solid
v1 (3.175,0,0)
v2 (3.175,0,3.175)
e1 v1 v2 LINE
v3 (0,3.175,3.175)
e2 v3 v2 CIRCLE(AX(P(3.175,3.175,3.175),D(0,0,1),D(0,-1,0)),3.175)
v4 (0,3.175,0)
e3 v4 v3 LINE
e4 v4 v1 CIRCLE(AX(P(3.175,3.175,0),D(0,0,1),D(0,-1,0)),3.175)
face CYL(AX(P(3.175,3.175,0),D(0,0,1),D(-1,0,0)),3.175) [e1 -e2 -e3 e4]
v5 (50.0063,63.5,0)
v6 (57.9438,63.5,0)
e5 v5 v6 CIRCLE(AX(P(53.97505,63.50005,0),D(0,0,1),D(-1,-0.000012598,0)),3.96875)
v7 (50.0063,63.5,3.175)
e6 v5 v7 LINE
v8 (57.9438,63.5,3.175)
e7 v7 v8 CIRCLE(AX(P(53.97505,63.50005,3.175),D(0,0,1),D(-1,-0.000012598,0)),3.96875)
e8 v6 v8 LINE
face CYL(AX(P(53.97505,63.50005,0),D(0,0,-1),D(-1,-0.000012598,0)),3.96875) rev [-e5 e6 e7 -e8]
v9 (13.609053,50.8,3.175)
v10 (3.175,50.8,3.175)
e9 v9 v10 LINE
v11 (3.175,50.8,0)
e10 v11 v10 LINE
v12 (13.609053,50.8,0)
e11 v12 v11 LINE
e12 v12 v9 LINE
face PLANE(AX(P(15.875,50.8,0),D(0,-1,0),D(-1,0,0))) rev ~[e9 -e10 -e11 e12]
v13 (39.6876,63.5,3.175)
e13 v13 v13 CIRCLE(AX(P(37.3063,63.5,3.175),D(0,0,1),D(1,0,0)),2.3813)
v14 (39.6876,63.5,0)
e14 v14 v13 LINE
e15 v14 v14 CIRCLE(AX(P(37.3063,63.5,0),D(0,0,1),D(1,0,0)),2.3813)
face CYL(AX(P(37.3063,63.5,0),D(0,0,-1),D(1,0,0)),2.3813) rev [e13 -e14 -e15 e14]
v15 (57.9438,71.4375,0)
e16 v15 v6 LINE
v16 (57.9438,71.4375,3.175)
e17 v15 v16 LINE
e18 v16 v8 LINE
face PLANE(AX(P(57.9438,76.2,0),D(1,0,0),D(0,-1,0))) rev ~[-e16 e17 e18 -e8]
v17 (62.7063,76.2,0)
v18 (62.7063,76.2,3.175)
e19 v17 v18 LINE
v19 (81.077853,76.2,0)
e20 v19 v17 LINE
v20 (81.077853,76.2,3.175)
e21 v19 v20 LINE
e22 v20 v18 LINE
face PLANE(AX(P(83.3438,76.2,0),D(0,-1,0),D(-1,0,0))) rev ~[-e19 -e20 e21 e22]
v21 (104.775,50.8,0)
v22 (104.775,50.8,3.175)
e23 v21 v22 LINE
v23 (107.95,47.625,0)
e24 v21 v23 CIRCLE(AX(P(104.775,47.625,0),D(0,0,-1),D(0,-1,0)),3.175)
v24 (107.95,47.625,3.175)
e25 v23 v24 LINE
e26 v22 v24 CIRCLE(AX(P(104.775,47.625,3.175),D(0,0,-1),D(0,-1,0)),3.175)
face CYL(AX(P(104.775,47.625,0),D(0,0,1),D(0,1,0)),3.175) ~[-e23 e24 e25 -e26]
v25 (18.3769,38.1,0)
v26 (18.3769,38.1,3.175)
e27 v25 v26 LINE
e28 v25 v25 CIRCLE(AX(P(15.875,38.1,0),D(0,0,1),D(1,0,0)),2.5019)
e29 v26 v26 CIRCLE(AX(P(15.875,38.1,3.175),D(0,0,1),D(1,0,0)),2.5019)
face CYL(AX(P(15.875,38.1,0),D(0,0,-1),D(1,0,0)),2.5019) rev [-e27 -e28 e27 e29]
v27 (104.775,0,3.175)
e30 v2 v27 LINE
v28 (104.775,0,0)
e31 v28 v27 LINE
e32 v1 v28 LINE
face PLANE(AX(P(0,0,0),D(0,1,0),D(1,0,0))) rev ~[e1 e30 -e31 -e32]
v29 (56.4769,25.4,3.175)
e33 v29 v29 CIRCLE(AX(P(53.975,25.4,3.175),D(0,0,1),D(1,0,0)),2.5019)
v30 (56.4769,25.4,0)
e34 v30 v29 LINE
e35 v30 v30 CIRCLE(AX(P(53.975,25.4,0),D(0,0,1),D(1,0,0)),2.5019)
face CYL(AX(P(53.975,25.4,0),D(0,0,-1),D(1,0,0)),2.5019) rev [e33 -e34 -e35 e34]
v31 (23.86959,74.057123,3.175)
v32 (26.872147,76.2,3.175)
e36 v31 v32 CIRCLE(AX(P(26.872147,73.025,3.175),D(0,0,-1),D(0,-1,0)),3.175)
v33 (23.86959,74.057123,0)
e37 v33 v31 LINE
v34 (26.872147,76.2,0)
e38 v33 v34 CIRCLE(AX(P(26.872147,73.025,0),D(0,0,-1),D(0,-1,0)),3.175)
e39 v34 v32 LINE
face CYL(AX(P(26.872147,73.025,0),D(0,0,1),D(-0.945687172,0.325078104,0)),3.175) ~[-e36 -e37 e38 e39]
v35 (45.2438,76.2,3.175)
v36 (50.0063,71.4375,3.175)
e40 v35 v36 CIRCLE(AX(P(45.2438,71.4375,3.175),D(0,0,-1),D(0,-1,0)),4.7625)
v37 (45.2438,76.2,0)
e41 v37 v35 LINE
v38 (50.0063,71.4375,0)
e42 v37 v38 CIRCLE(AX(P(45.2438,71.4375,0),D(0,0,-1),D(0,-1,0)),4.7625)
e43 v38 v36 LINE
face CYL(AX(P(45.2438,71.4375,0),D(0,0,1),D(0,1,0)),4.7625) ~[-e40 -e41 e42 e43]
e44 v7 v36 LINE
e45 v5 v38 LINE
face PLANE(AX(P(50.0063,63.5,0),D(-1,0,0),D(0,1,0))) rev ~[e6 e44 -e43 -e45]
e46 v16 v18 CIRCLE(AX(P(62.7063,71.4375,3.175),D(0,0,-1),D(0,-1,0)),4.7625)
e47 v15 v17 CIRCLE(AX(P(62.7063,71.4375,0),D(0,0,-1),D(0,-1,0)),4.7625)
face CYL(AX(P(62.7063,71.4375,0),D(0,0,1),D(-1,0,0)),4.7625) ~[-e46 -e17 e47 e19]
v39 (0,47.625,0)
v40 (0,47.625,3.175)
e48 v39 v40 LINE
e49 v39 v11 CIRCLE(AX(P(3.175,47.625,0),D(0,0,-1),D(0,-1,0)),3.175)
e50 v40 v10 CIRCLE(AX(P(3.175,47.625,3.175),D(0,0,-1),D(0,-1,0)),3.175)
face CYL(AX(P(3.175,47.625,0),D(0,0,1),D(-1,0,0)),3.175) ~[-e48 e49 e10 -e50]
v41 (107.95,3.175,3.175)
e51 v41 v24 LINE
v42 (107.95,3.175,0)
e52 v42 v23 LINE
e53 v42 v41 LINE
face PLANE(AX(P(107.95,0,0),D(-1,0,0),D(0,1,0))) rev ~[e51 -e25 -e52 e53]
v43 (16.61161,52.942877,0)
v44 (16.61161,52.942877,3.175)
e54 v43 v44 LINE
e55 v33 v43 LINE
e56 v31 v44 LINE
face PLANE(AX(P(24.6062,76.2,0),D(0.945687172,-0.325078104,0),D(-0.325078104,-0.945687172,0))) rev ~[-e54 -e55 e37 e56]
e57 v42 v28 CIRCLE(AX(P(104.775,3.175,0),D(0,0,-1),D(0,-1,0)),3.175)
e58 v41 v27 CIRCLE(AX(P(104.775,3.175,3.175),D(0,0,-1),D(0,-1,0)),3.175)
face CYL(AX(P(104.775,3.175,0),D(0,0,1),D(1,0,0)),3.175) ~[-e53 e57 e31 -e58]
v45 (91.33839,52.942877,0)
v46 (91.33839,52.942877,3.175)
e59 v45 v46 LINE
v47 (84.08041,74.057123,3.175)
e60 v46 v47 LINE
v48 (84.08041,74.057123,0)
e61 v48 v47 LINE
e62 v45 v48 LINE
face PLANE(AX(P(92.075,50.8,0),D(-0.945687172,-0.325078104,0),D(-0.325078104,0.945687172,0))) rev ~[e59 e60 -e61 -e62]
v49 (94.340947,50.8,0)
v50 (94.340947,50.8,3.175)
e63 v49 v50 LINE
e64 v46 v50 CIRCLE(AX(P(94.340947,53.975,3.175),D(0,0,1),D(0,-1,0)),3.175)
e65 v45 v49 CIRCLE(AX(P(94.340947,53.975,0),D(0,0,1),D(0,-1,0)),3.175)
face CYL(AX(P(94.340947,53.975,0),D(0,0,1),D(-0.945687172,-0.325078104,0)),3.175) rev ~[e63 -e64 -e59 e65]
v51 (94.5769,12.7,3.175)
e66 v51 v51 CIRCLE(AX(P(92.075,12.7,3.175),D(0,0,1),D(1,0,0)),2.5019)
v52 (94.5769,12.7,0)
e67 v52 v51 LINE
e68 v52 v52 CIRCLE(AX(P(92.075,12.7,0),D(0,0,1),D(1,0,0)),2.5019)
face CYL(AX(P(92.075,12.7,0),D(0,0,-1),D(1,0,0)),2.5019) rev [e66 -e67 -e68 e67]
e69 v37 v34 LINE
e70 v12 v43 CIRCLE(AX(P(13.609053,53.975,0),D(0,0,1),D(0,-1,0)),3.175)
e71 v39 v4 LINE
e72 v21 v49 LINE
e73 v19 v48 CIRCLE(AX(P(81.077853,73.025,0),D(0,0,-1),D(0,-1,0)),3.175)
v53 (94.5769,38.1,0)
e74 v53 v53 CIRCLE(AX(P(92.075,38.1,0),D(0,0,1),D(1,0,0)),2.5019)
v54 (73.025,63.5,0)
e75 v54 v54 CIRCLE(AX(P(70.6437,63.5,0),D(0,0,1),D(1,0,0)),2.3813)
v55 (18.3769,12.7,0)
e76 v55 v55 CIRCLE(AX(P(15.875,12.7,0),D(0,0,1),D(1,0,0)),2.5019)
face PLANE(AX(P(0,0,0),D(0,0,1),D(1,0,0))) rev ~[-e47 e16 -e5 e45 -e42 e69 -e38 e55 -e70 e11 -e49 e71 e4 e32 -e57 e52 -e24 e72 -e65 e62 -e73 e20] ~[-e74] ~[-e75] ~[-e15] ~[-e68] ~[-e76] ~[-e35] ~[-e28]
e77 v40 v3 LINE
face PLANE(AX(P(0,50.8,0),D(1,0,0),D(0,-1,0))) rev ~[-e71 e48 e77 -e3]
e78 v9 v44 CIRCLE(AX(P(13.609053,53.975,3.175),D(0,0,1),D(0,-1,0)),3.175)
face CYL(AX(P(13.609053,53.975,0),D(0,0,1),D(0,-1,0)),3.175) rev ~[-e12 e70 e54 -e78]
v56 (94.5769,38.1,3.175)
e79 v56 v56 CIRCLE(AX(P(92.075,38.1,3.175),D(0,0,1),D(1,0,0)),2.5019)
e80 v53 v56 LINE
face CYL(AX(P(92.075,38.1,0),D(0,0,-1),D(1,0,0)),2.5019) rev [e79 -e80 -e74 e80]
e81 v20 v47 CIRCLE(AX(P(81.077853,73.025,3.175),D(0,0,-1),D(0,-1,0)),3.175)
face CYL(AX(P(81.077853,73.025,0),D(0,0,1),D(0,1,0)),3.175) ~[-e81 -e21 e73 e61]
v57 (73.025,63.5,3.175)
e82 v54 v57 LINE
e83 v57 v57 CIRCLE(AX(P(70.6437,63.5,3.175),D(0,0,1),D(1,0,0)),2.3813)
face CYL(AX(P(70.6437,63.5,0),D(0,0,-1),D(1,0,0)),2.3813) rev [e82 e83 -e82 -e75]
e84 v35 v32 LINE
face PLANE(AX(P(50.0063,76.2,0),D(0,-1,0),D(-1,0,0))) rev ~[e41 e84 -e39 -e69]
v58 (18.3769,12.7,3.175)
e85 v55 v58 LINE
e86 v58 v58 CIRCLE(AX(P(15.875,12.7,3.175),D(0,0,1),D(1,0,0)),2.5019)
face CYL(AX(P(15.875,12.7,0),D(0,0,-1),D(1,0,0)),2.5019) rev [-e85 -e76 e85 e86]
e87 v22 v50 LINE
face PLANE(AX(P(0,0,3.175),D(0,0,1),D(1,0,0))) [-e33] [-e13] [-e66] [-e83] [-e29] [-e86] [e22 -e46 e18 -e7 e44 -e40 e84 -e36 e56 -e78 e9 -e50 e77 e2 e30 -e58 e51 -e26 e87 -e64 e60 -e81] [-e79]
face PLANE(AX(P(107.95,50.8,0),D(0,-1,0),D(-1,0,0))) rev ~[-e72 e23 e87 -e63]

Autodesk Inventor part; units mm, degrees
ref_plane "YZ Plane" through (0, 0, 0) normal (1, 0, 0) x (0, 1, 0)
ref_plane "XZ Plane" through (0, 0, 0) normal (0, 1, 0) x (-1, 0, 0)
ref_plane "XY Plane" through (0, 0, 0) normal (0, 0, 1) x (1, 0, 0)
sketch "Sketch1" plane through (0, 0, 0) normal (0, 0, 1) x (1, 0, 0)
  line L0 (0, 0) -> (107.95, 0)
  line L1 (107.95, 0) -> (107.95, 50.8)
  line L2 (107.95, 50.8) -> (92.075, 50.8)
  line L3 (92.075, 50.8) -> (83.3438, 76.2)
  line L4 (83.3438, 76.2) -> (57.9438, 76.2)
  line L5 (57.9438, 76.2) -> (57.9438, 63.5)
  line L6 (50.0063, 63.5) -> (50.0063, 76.2)
  line L7 (50.0063, 76.2) -> (24.6062, 76.2)
  line L8 (24.6062, 76.2) -> (15.875, 50.8)
  line L9 (15.875, 50.8) -> (0, 50.8)
  line L10 (0, 50.8) -> (0, 0)
  circle A0 centre (53.975, 25.4) radius 2.5019
  circle A1 centre (15.875, 38.1) radius 2.5019
  circle A2 centre (15.875, 12.7) radius 2.5019
  circle A3 centre (92.075, 38.1) radius 2.5019
  circle A4 centre (92.075, 12.7) radius 2.5019
  arc A5 (50.0063, 63.5) -> (57.9438, 63.5) centre (53.975, 63.5) ccw
  circle A6 centre (37.3063, 63.5) radius 2.3813
  circle A7 centre (70.6437, 63.5) radius 2.3813
  dimension "d0" = 50.8
  dimension "d1" = 107.95
  dimension "d2" = 7.9375
  dimension "d3" = 53.975
  dimension "d4" = 25.4
  dimension "d5" = 5.0038
  dimension "d6" = 38.1
  dimension "d7" = 12.7
  dimension "d8" = 25.4
  dimension "d9" = 38.1
  dimension "d11" = 25.4
  dimension "d12" = 25.4
  dimension "d14" = 12.7
  dimension "d15" = 4.7625
  dimension "d16" = 4.7625
  dimension "d17" = 12.7
  dimension "d18" = 12.7
extrude "Extrusion1" add sketch "Sketch1" along normal blind 3.175
fillet "Fillet1" radius 3.175 8 edges at (15.875, 50.8, 1.5875) (0, 50.8, 1.5875) (0, 0, 1.5875) (107.95, 0, 1.5875) (107.95, 50.8, 1.5875) (92.075, 50.8, 1.5875) (83.3438, 76.2, 1.5875) (24.6062, 76.2, 1.5875)
fillet "Fillet2" radius 4.7625 2 edges at (50.0063, 76.2, 1.5875) (57.9438, 76.2, 1.5875)
equation "\"d16\" = d15"
properties part number "Bumper Plates"
